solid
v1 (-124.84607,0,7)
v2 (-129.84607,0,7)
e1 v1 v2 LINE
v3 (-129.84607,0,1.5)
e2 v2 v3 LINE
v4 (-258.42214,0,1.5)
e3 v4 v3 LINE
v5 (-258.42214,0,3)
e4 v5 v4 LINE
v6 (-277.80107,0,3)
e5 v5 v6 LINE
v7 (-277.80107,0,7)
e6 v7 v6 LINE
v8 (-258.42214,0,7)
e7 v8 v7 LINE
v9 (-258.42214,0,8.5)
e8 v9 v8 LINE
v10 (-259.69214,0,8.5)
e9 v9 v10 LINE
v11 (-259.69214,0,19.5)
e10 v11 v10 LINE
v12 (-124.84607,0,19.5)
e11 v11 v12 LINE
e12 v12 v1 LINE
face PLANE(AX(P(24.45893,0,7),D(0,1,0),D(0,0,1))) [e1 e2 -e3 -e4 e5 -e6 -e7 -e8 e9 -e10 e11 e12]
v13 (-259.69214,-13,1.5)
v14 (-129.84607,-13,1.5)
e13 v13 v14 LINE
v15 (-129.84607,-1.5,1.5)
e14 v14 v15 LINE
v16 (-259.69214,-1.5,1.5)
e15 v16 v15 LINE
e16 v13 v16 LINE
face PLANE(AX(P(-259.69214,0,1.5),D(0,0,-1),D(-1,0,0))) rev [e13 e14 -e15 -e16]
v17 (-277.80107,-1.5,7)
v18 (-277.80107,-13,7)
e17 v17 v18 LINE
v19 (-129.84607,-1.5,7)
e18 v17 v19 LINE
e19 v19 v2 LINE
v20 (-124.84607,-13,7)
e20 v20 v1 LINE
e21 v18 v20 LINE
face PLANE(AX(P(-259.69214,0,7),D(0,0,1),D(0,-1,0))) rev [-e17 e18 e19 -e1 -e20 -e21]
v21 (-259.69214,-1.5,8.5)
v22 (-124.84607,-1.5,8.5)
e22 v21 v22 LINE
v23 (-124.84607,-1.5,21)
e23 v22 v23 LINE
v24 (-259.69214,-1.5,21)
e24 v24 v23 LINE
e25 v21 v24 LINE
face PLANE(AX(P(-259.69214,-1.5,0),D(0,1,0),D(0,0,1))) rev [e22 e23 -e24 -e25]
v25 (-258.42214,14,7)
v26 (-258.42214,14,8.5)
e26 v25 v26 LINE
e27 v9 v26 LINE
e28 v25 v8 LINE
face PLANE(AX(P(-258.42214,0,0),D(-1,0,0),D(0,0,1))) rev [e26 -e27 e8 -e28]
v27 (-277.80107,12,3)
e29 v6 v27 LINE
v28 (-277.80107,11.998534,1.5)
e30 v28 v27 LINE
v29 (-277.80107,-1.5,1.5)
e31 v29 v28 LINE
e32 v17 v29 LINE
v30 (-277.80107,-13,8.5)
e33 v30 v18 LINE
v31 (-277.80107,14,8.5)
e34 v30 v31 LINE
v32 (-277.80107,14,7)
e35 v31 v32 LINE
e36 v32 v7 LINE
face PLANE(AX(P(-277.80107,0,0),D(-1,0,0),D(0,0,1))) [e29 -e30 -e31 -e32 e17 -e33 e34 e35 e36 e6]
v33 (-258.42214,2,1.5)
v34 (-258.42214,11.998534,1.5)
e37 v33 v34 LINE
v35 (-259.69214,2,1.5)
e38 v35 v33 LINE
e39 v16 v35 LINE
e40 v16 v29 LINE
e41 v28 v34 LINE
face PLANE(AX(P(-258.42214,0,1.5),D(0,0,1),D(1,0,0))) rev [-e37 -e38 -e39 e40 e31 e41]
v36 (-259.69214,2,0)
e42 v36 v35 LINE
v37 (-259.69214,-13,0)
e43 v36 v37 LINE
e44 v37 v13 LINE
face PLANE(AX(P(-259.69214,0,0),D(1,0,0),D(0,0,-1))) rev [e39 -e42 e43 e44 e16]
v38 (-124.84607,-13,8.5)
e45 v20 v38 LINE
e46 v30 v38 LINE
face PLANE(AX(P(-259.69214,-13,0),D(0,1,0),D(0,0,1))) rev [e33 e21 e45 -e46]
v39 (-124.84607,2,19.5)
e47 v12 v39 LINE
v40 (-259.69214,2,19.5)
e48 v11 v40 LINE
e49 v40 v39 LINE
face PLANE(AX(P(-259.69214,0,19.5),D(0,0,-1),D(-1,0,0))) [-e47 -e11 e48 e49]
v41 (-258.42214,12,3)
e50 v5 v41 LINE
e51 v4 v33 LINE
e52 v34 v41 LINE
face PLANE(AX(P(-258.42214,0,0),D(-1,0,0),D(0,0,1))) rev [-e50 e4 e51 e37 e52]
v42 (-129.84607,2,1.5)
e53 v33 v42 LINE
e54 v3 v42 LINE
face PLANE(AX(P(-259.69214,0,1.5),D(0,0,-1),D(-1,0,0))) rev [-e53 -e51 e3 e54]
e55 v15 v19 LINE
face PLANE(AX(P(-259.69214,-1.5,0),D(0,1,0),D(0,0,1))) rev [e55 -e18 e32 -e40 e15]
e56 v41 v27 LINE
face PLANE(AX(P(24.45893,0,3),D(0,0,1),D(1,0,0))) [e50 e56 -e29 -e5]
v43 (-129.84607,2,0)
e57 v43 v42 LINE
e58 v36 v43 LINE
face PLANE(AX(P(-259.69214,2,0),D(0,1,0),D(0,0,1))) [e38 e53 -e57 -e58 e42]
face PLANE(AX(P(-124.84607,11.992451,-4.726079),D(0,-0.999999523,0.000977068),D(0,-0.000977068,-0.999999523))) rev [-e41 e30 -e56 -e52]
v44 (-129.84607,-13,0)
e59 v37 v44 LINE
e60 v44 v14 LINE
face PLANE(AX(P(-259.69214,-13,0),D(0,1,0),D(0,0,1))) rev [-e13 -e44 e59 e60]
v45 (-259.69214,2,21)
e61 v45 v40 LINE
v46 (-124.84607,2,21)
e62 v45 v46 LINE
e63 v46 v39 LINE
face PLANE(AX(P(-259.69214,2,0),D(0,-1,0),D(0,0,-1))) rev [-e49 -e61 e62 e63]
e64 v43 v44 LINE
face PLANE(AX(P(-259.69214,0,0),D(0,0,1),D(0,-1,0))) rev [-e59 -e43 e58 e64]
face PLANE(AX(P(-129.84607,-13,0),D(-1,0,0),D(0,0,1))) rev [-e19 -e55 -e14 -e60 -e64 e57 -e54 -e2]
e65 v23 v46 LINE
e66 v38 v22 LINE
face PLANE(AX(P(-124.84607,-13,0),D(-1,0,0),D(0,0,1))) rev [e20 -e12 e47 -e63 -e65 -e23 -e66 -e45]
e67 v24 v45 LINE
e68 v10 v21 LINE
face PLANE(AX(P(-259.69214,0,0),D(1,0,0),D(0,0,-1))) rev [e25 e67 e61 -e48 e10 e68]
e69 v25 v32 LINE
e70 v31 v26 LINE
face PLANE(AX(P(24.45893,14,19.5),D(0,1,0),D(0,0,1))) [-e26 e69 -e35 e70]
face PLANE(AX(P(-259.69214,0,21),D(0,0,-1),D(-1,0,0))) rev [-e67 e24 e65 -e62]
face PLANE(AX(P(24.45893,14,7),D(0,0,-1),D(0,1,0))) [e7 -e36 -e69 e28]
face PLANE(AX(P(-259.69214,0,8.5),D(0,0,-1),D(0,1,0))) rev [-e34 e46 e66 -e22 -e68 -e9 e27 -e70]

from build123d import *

# Parameters (mm, degrees)
SKETCH1_W                = 1.5
SKETCH1_H                = 2
BOSS_EXTRUDE1_DEPTH      = 259.69214
RIGHT_EAR_DEPTH          = 1.27
RIGHT_EAR_DEPTH_BACK     = 24.45893
SKETCH9_W                = 1.5
SKETCH9_H                = 11.5
LEFT_EAR_DEPTH           = 18.10893
LEFT_EAR_DEPTH_BACK      = 1.27
CUT_EXTRUDE6_DEPTH       = 280.89897194
CUT_EXTRUDE6_DEPTH_BACK  = 280.89897194
SURFACE_EXTRUDE1_1_BACK  = 307.34
SURFACE_EXTRUDE1_1_DEPTH = 308.93893
SURFACE_EXTRUDE1_2_BACK  = 307.34
SURFACE_EXTRUDE1_2_DEPTH = 308.93893
CUT_EXTRUDE7_DEPTH       = 157.732995968


with BuildPart() as part:
    # Sketch1 → Boss-Extrude1 (new body)
    with BuildSketch(Plane(origin=(0, 0, 0), x_dir=(0, 0, -1), z_dir=(1, 0, 0))):
        Polygon((-21, 0), (0, 0), (0, -13), (-1.5, -13), (-1.5, -1.5), (-7, -1.5), (-7, -13), (-8.5, -13), (-8.5, -1.5), (-21, -1.5), align=None)
        with Locations((-20.25, 1)):
            Rectangle(SKETCH1_W, SKETCH1_H)
        with Locations((-0.75, 1)):
            Rectangle(SKETCH1_W, SKETCH1_H)
    extrude(amount=-BOSS_EXTRUDE1_DEPTH)


with BuildPart() as body_2:
    # Mirror3: mirrored copy
    add(part.part.mirror(Plane.ZX.offset(7)))


with BuildPart() as part_1:
    add(part.part)

    add(body_2.part)  # right_ear merges body 2
    # Sketch9 → right_ear (add, two sides: drawn at the far end of the back side and taken through both)
    with BuildSketch(Plane.ZY.offset(-RIGHT_EAR_DEPTH_BACK)):
        with Locations((7.75, -7.25)):
            Rectangle(SKETCH9_W, SKETCH9_H)
        Polygon((1.5, -1.5), (7, -1.5), (8.5, -1.5), (8.5, 15.5), (7, 15.5), (1.5, 15.5), align=None)
        with Locations((7.75, 21.25)):
            Rectangle(SKETCH9_W, SKETCH9_H)
    extrude(amount=RIGHT_EAR_DEPTH + RIGHT_EAR_DEPTH_BACK)

    # Sketch12 → left_ear (add, two sides: drawn at the far end of the back side and taken through both)
    with BuildSketch(Plane.ZY.offset(259.69214).offset(-LEFT_EAR_DEPTH_BACK)):
        Polygon((8.5, -13), (8.5, 27), (7, 27), (7, 15.5), (1.5, 15.5), (1.5, -1.5), (7, -1.5), (7, -13), align=None)
    extrude(amount=LEFT_EAR_DEPTH + LEFT_EAR_DEPTH_BACK)

    # Sketch10<3> → Cut-Extrude6 (cut, two sides: drawn at the far end of the back side and taken through both)
    with BuildSketch(Plane(origin=(0, 0, 0), x_dir=(1, 0, 0), z_dir=(0, 1, 0)).offset(-CUT_EXTRUDE6_DEPTH_BACK)):
        Polygon((-1.27, -1.5), (-129.84607, -1.5), (-129.84607, -7), (-124.84607, -7), (-124.84607, -19.5), (0, -19.5), (0, -8.5), (-1.27, -8.5), align=None)
        Polygon((-129.84607, 5.228694749), (-129.84607, 0), (-129.84607, -1.5), (-1.27, -1.5), (-1.27, -8.5), (0, -8.5), (0, -19.5), (-124.84607, -19.5), (-124.84607, -21), (-124.84607, -30.387985995), (75.346094687, -30.387985995), (75.346094687, 5.228694749), align=None)
    extrude(amount=CUT_EXTRUDE6_DEPTH + CUT_EXTRUDE6_DEPTH_BACK, mode=Mode.SUBTRACT)


with BuildPart() as body_2_2:
    # L-Split2: the piece behind the surface
    add(part_1.part)
    # Surface-Extrude1: a surface, the sketch's curves swept straight by 308.93893 mm
    with BuildLine(Plane(origin=(24.45893, 0, 0), x_dir=(0, 0, -1), z_dir=(1, 0, 0)).offset(-SURFACE_EXTRUDE1_1_BACK), mode=Mode.PRIVATE) as surface_extrude1_1_path:
        Line((-19.5, 14), (-7, 14))
        Line((-7, 14), (-7, 0))
        Line((-7, 0), (-3, 0))
        Line((-3, 0), (-3, 12))
        Line((-3, 12), (0, 12))
    surface_extrude1_1 = Shell.extrude(surface_extrude1_1_path.wire(), (1 * SURFACE_EXTRUDE1_1_DEPTH, 0 * SURFACE_EXTRUDE1_1_DEPTH, 0 * SURFACE_EXTRUDE1_1_DEPTH))
    split(bisect_by=surface_extrude1_1, keep=Keep.BOTTOM)


with BuildPart() as part_2:
    add(part_1.part)

    # L-Split2: split by a surface, the side it looks to stays
    # Surface-Extrude1: a surface, the sketch's curves swept straight by 308.93893 mm
    with BuildLine(Plane(origin=(24.45893, 0, 0), x_dir=(0, 0, -1), z_dir=(1, 0, 0)).offset(-SURFACE_EXTRUDE1_2_BACK), mode=Mode.PRIVATE) as surface_extrude1_2_path:
        Line((-19.5, 14), (-7, 14))
        Line((-7, 14), (-7, 0))
        Line((-7, 0), (-3, 0))
        Line((-3, 0), (-3, 12))
        Line((-3, 12), (0, 12))
    surface_extrude1_2 = Shell.extrude(surface_extrude1_2_path.wire(), (1 * SURFACE_EXTRUDE1_2_DEPTH, 0 * SURFACE_EXTRUDE1_2_DEPTH, 0 * SURFACE_EXTRUDE1_2_DEPTH))
    split(bisect_by=surface_extrude1_2, keep=Keep.TOP)


with BuildPart() as cut_extrude7_tool:
    # Sketch14 → Cut-Extrude7 (new, through all)
    with BuildSketch(Plane.ZY.offset(277.80107)):
        Polygon((-4.726079356, 11.992451092), (3, 12), (3, 0), (7, 0), (7, 14), (19.5, 14), (19.5, 12), (27.004136279, 12), (27.004136279, 32.441536758), (-4.726079356, 32.441536758), align=None)
    extrude(amount=-CUT_EXTRUDE7_DEPTH)


with BuildPart() as part_3:
    add(part_2.part)

    # Cut-Extrude7: cut by cut_extrude7_tool
    add(cut_extrude7_tool.part, mode=Mode.SUBTRACT)


with BuildPart() as body_2_2_1:
    add(body_2_2.part)

    # Cut-Extrude7: cut by cut_extrude7_tool
    add(cut_extrude7_tool.part, mode=Mode.SUBTRACT)


solid = body_2_2_1.part
